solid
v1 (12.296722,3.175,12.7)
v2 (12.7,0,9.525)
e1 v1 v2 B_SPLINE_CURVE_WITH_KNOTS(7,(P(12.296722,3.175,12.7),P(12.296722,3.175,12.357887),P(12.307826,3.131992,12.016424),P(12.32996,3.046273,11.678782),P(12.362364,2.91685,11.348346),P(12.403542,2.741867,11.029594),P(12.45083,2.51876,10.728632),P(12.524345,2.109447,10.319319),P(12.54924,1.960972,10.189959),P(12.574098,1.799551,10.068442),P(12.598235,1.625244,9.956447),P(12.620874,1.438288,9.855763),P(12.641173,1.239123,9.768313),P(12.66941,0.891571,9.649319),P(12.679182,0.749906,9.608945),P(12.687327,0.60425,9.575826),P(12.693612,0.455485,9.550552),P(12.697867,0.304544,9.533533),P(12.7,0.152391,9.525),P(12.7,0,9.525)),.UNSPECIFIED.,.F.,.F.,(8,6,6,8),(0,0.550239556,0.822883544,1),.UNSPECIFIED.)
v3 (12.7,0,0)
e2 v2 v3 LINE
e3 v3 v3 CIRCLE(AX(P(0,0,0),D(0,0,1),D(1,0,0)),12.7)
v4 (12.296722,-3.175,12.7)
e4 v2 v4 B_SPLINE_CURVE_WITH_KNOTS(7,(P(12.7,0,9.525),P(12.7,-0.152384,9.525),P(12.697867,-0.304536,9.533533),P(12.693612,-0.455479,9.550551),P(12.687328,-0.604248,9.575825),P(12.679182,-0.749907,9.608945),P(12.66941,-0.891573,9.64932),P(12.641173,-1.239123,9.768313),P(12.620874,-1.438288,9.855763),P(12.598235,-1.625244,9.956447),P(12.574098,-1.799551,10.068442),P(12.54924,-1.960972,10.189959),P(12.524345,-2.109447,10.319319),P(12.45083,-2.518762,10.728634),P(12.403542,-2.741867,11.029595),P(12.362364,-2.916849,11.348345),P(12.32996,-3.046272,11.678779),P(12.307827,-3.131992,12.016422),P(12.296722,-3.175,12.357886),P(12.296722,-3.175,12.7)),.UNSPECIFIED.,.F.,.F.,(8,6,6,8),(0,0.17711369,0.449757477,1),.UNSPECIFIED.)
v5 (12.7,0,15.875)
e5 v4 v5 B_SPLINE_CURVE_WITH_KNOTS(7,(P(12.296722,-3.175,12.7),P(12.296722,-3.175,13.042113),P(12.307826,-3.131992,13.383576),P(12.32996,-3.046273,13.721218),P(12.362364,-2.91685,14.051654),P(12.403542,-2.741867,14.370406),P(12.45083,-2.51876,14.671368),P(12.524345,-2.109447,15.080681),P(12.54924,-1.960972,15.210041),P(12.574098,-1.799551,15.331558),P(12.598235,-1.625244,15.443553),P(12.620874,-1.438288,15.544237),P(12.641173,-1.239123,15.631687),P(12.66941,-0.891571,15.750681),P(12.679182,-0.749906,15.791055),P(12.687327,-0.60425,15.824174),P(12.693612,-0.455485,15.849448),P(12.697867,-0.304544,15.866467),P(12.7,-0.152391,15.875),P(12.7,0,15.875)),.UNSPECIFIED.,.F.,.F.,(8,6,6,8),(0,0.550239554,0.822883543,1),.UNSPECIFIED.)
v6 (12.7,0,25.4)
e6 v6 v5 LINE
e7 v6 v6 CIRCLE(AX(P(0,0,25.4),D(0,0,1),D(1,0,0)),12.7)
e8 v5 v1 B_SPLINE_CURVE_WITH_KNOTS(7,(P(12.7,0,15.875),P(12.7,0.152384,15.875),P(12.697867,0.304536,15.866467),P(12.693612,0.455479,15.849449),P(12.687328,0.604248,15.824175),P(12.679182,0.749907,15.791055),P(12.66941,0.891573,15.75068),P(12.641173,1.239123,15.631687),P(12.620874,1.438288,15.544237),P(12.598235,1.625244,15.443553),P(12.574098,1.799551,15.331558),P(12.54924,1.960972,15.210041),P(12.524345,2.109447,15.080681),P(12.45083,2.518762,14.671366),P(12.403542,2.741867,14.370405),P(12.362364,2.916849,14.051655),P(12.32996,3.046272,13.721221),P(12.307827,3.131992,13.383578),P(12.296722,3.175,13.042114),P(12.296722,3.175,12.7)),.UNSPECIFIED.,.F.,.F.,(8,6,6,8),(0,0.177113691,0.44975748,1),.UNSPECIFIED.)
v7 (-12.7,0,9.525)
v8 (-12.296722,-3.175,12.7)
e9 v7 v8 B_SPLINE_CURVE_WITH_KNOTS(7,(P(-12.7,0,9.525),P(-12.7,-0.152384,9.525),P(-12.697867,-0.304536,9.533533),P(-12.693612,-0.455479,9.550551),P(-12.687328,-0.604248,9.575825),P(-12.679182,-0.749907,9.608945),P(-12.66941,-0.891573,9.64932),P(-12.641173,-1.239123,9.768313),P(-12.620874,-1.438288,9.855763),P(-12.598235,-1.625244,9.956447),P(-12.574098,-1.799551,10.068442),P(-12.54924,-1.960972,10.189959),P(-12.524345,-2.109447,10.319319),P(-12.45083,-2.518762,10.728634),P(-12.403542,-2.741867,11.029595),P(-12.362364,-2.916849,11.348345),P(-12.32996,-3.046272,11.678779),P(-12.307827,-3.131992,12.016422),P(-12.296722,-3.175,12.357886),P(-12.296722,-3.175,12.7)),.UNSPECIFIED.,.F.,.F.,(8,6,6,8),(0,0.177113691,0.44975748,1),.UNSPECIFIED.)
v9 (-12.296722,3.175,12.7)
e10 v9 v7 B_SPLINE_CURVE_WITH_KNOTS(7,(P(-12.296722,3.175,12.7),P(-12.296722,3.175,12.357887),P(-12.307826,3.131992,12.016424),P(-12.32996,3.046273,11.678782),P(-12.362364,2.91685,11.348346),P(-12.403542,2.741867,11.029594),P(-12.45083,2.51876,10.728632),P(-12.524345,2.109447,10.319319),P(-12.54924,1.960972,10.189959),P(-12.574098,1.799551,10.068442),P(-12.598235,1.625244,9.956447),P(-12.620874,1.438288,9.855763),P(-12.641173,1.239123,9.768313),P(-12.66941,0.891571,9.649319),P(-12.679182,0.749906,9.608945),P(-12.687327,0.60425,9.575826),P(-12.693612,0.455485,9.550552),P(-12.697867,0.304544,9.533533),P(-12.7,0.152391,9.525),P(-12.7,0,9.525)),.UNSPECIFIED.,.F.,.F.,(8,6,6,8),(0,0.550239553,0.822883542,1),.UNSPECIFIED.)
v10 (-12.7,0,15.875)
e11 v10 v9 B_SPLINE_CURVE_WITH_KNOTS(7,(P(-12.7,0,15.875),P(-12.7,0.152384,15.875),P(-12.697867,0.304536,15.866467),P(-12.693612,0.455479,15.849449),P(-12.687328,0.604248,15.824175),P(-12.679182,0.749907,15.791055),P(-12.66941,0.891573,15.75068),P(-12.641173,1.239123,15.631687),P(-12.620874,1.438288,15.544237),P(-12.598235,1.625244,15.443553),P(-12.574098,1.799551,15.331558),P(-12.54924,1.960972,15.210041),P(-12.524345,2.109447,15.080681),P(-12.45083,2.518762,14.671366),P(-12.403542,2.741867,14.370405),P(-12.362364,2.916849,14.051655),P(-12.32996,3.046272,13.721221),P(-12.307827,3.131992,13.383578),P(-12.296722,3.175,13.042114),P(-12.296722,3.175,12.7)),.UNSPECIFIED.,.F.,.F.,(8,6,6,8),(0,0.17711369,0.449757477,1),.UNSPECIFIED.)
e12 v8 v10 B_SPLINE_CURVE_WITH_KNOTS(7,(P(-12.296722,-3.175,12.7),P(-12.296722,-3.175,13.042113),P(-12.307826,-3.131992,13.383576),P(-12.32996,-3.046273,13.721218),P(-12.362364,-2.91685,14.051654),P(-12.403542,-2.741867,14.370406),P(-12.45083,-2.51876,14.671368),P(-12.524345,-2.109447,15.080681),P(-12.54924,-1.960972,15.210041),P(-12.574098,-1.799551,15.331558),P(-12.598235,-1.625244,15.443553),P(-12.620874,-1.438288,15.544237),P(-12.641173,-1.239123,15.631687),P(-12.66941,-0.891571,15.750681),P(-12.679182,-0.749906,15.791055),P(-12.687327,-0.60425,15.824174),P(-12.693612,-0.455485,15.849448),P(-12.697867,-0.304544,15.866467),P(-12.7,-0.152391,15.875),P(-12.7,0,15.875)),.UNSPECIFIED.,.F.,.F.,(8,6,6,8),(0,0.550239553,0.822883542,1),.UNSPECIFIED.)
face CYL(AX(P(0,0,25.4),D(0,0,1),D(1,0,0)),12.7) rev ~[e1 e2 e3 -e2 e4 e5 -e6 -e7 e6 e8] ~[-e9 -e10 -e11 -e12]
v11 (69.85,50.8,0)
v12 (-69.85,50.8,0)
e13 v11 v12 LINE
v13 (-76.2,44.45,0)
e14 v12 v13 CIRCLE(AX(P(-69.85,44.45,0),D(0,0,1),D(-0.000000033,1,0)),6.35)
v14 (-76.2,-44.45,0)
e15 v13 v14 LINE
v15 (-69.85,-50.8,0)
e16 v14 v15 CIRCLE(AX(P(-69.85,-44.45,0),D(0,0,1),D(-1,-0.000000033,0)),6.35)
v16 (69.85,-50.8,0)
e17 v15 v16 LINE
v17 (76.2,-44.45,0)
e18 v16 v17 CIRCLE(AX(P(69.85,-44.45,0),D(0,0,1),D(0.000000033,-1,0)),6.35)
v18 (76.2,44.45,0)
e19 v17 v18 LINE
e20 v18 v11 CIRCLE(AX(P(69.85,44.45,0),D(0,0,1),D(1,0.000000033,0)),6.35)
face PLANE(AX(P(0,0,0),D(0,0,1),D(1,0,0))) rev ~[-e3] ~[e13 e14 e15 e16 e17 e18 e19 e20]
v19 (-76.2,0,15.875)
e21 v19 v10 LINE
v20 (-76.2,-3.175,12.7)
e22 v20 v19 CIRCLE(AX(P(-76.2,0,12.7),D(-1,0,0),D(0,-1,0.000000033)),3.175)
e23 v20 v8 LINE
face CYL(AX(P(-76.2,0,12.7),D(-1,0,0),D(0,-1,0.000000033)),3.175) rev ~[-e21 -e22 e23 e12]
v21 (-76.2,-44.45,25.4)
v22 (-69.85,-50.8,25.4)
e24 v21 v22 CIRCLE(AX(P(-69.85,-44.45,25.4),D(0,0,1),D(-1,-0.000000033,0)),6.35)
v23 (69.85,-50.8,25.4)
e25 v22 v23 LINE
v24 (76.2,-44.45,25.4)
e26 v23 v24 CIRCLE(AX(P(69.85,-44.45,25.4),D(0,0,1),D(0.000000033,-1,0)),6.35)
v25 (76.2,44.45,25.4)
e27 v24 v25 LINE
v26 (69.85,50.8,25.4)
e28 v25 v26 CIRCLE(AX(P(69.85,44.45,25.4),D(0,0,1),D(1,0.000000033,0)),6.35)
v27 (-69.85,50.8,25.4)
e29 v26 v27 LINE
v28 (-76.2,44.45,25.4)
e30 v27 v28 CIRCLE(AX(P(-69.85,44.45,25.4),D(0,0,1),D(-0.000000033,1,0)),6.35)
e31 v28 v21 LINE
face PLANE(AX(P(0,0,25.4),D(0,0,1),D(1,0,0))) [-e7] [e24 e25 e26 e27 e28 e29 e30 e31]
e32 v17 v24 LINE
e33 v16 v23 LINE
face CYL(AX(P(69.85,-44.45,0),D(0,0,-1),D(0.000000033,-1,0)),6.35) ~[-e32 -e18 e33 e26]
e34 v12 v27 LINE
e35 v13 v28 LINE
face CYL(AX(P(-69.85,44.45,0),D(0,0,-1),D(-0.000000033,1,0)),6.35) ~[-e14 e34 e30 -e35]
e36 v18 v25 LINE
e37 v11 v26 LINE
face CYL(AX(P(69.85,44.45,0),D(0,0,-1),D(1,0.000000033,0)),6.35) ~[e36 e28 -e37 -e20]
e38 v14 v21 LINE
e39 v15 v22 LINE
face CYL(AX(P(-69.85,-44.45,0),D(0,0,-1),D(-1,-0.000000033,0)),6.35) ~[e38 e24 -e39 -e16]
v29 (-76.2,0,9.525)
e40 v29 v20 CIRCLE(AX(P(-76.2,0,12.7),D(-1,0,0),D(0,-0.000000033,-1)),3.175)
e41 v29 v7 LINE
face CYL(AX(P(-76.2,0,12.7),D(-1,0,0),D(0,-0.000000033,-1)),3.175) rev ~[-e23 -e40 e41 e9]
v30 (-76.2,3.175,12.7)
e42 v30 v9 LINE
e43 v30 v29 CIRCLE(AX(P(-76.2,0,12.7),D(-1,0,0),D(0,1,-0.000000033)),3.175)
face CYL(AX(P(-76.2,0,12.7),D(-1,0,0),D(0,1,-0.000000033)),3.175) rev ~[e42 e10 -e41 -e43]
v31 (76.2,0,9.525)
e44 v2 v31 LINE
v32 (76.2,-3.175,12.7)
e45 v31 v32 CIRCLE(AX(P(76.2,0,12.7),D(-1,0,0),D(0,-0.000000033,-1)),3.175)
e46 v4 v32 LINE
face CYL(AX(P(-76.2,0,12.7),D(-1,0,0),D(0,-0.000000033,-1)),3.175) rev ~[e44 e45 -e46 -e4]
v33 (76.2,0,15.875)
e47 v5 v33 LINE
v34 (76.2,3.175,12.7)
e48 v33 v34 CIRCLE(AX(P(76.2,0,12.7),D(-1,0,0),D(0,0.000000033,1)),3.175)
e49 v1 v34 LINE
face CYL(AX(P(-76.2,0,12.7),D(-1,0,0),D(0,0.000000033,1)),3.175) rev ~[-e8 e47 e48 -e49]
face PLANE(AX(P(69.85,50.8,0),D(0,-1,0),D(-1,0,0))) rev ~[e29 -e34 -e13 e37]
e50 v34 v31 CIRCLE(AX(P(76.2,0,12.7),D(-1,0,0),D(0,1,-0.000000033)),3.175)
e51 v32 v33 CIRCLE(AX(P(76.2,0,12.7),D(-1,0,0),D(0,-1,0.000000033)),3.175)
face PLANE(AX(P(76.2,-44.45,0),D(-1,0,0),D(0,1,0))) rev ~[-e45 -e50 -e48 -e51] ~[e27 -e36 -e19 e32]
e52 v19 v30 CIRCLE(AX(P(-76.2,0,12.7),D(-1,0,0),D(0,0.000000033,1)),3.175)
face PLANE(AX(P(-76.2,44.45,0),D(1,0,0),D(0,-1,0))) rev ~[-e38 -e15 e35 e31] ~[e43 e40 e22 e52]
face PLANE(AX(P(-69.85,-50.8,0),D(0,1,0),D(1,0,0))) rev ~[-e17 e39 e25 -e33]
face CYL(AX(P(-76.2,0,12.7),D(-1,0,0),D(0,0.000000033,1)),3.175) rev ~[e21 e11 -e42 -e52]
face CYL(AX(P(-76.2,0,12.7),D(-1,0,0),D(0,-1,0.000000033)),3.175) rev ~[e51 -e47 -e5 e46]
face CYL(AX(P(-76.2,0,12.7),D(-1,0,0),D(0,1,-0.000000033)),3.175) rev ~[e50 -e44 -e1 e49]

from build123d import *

# Parameters (mm, degrees)
F1_DEPTH = 25.4
F2_R     = 12.7
F3_DEPTH = 25.401
F5_DEPTH = 152.401


with BuildPart() as f1:
    # F0 (on Top) → F1 (new body)
    with BuildSketch(Plane.XY):
        with BuildLine():
            Line((69.85, 50.8), (-69.85, 50.8))
            ThreePointArc((-69.85, 50.8), (-74.340128, 48.940128), (-76.2, 44.45))
            Line((-76.2, 44.45), (-76.2, -44.45))
            ThreePointArc((-76.2, -44.45), (-74.340128, -48.940128), (-69.85, -50.8))
            Line((-69.85, -50.8), (69.85, -50.8))
            ThreePointArc((69.85, -50.8), (74.340128, -48.940128), (76.2, -44.45))
            Line((76.2, -44.45), (76.2, 44.45))
            ThreePointArc((76.2, 44.45), (74.340128, 48.940128), (69.85, 50.8))
        make_face()
    extrude(amount=F1_DEPTH)

    # F2 (on face) → F3 (cut, through all)
    with BuildSketch(Plane.XY.offset(25.4)):
        Circle(F2_R)
    extrude(amount=-F3_DEPTH, mode=Mode.SUBTRACT)

    # F4 (on face) → F5 (cut, through all)
    with BuildSketch(Plane(origin=(-76.2, 0, 0), x_dir=(0, -1, 0), z_dir=(-1, 0, 0))):
        with BuildLine():
            ThreePointArc((-3.175, 12.7), (-2.245064, 10.454936), (0, 9.525))
            Line((0, 9.525), (0, 12.7))
            Line((0, 12.7), (-3.175, 12.7))
        make_face()
        with BuildLine():
            Line((0, 12.7), (0, 9.525))
            ThreePointArc((0, 9.525), (2.245064, 10.454936), (3.175, 12.7))
            ThreePointArc((3.175, 12.7), (2.245064, 14.945064), (0, 15.875))
            Line((0, 15.875), (0, 12.7))
        make_face()
        with BuildLine():
            Line((-3.175, 12.7), (0, 12.7))
            Line((0, 12.7), (0, 15.875))
            ThreePointArc((0, 15.875), (-2.245064, 14.945064), (-3.175, 12.7))
        make_face()
    extrude(amount=-F5_DEPTH, mode=Mode.SUBTRACT)


solid = f1.part
